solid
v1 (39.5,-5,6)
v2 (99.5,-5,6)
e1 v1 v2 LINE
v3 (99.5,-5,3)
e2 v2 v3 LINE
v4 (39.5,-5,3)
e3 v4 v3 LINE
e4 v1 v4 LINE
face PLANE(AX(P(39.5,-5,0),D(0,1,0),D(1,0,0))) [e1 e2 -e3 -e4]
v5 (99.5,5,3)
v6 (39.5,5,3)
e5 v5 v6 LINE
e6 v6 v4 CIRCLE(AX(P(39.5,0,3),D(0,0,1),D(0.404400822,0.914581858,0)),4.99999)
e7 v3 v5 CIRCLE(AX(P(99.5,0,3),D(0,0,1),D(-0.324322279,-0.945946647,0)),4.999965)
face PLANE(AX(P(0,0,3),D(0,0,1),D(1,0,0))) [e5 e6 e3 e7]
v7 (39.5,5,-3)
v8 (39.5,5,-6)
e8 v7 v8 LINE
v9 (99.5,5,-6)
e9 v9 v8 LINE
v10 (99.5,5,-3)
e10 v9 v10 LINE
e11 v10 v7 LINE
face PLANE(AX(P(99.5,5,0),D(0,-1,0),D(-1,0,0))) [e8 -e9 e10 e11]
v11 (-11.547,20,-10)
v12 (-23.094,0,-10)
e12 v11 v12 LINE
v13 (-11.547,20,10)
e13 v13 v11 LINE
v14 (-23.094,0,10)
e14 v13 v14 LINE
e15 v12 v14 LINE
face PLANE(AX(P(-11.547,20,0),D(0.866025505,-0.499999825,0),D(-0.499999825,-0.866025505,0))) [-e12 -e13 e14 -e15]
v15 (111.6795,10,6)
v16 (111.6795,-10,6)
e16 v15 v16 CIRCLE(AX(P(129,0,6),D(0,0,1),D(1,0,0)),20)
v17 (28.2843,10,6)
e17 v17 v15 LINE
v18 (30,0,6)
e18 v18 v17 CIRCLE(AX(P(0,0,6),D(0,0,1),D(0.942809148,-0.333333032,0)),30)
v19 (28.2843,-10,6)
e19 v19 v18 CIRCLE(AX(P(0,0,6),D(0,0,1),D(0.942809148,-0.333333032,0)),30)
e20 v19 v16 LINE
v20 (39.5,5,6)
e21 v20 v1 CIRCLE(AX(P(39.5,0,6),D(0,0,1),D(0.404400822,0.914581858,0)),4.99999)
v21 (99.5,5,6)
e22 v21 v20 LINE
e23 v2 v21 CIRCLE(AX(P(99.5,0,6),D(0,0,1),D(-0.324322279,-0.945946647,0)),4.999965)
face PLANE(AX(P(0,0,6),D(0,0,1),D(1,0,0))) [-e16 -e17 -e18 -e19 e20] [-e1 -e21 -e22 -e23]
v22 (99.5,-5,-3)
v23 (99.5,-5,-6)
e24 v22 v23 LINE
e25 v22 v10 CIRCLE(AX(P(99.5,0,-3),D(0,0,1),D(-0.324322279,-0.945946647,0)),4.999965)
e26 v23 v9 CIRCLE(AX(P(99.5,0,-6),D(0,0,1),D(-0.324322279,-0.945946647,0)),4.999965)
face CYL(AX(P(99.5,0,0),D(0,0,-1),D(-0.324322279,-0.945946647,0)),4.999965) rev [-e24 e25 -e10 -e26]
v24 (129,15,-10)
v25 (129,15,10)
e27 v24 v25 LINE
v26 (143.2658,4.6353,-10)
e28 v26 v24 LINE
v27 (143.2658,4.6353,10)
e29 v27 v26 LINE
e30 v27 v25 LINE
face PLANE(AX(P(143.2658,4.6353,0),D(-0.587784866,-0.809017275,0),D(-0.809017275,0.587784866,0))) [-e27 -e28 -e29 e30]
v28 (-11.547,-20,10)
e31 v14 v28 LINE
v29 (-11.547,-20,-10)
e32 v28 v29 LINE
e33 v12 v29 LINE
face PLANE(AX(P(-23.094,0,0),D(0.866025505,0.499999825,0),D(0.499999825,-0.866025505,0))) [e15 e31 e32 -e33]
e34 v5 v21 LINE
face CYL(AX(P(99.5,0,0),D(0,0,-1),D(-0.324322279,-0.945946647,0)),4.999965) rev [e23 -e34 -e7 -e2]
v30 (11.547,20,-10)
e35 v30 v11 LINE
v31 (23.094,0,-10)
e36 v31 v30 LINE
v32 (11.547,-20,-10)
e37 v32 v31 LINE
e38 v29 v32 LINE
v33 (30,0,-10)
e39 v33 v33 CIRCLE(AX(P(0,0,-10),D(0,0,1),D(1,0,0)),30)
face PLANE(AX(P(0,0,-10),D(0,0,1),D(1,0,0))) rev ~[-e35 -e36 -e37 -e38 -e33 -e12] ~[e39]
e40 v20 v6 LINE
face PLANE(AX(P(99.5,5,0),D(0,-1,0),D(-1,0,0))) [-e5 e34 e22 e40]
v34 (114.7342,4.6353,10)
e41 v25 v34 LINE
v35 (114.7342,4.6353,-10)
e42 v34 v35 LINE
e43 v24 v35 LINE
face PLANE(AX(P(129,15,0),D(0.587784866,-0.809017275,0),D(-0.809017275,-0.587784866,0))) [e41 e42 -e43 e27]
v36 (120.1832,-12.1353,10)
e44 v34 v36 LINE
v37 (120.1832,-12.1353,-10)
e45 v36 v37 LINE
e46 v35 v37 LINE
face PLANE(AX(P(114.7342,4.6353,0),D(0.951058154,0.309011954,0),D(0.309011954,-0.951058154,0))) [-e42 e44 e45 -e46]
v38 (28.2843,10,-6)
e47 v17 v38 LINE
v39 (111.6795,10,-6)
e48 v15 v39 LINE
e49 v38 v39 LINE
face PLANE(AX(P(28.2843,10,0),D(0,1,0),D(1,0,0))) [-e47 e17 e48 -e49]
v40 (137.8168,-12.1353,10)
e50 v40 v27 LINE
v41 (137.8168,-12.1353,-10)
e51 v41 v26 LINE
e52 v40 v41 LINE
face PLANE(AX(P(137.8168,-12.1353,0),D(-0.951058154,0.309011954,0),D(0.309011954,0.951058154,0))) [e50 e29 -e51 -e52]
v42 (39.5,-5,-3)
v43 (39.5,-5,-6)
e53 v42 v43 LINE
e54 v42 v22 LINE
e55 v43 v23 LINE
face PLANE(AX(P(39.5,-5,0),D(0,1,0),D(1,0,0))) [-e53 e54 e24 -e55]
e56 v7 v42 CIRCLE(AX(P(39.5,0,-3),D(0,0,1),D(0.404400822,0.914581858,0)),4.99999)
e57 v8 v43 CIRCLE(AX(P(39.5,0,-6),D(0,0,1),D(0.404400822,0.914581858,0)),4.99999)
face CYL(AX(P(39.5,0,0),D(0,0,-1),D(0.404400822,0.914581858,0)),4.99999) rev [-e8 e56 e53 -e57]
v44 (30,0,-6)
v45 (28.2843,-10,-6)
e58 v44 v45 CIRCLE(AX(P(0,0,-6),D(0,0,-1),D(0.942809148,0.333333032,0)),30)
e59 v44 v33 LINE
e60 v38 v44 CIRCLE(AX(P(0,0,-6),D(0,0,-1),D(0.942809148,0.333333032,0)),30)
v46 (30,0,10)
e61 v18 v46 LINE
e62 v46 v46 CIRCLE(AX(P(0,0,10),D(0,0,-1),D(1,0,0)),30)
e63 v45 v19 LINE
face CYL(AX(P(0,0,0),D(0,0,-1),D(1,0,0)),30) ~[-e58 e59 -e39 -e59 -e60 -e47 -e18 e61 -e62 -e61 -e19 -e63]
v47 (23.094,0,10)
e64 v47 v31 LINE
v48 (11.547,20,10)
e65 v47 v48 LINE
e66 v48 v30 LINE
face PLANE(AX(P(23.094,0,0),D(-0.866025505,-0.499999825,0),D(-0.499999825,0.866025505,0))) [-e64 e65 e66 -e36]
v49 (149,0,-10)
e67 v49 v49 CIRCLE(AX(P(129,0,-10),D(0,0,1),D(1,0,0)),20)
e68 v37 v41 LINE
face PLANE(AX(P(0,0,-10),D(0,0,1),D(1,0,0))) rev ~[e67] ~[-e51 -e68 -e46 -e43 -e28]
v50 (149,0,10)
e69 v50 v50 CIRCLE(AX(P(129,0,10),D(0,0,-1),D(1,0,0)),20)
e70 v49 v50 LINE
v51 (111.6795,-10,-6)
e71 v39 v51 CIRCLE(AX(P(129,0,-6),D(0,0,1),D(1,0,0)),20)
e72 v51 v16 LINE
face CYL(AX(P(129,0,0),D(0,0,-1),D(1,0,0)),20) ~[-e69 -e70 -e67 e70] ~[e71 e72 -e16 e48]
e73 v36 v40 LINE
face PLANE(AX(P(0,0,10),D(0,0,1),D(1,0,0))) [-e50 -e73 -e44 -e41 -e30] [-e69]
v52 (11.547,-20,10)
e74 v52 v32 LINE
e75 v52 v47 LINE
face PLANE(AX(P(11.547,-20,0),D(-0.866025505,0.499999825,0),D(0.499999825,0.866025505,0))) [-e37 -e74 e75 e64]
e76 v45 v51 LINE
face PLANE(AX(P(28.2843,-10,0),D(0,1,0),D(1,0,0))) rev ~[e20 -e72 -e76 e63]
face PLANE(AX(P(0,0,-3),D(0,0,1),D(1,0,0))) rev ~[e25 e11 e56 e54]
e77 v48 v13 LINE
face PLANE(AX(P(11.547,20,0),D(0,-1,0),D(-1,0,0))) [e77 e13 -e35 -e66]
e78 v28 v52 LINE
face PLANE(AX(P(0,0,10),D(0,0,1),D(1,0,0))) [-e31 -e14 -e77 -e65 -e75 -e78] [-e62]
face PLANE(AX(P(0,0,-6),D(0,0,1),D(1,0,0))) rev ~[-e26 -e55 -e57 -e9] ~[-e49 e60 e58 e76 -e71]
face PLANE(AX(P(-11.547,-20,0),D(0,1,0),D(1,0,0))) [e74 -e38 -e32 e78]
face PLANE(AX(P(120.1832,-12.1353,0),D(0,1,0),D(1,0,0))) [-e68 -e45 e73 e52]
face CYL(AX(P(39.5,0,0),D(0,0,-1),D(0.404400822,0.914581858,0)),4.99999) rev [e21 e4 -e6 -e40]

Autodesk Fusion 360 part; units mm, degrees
sketch "Sketch1" plane through (0, 0, 0) normal (0, 0, 1) x (1, 0, 0) in component "Exercise 2"
  circle A0 centre (0, 0) radius 30
  line L0 (30, 0) -> (109, 0) construction
  circle A1 centre (129, 0) radius 20
  line L1 (-23.094, 0) -> (-11.547, -20)
  line L2 (-11.547, -20) -> (11.547, -20)
  line L3 (11.547, -20) -> (23.094, 0)
  line L4 (23.094, 0) -> (11.547, 20)
  line L5 (11.547, 20) -> (-11.547, 20)
  line L6 (-11.547, 20) -> (-23.094, 0)
  line L7 (129, 15) -> (114.7342, 4.6353)
  line L8 (114.7342, 4.6353) -> (120.1832, -12.1353)
  line L9 (120.1832, -12.1353) -> (137.8168, -12.1353)
  line L10 (137.8168, -12.1353) -> (143.2658, 4.6353)
  line L11 (143.2658, 4.6353) -> (129, 15)
  line L12 (28.2843, 10) -> (111.6795, 10)
  line L13 (28.2843, -10) -> (111.6795, -10)
  line L14 (41.522, 10) -> (41.522, -10) construction
  line L15 (41.522, 0) -> (50, 0) construction
  line L16 (69.5, 0) -> (69.5, 26.8283) construction
  line L17 (99.5, 5) -> (39.5, 5)
  line L18 (39.5, -5) -> (99.5, -5)
  line L19 (99.5, 5) -> (39.5, -5) construction
  line L20 (39.5, 5) -> (99.5, -5) construction
  arc A2 (41.522, 4.5729) -> (41.522, -4.5729) centre (39.5, 0) ccw
  arc A3 (97.8784, -4.7297) -> (97.8784, 4.7297) centre (99.5, 0) ccw
  point P0 (129, 0)
  point P1 (69.5, 0)
  dimension "d13" = 60
  dimension "d14" = 129
  dimension "d15" = 40
  dimension "d17" = 20
  dimension "d18" = 15
  dimension "d19" = 20
  dimension "d20" = 60
  dimension "d21" = 10
  dimension "d22" = 10
extrude "Extrude1" add sketch "Sketch1" along normal mid plane 20 contours A0 | A1 makes body 1 at (27.1662, -12.7278, 3.3333) makes body 2 at (148.9006, -1.9914, -3.3333) in component "Exercise 2"
extrude "Extrude2" add sketch "Sketch1" along normal mid plane 12 contours A0 A1 L12 L13 bodies 1 2 in component "Exercise 2"
extrude "Extrude3" add sketch "Sketch1" along normal mid plane 6 contours L17 L18 A2 A3 bodies 1 in component "Exercise 2"
component "Exercise 2" placed x (1, 0, 0) y (0, 1, 0) z (0, 0, 1) at (0, 0, 0)
